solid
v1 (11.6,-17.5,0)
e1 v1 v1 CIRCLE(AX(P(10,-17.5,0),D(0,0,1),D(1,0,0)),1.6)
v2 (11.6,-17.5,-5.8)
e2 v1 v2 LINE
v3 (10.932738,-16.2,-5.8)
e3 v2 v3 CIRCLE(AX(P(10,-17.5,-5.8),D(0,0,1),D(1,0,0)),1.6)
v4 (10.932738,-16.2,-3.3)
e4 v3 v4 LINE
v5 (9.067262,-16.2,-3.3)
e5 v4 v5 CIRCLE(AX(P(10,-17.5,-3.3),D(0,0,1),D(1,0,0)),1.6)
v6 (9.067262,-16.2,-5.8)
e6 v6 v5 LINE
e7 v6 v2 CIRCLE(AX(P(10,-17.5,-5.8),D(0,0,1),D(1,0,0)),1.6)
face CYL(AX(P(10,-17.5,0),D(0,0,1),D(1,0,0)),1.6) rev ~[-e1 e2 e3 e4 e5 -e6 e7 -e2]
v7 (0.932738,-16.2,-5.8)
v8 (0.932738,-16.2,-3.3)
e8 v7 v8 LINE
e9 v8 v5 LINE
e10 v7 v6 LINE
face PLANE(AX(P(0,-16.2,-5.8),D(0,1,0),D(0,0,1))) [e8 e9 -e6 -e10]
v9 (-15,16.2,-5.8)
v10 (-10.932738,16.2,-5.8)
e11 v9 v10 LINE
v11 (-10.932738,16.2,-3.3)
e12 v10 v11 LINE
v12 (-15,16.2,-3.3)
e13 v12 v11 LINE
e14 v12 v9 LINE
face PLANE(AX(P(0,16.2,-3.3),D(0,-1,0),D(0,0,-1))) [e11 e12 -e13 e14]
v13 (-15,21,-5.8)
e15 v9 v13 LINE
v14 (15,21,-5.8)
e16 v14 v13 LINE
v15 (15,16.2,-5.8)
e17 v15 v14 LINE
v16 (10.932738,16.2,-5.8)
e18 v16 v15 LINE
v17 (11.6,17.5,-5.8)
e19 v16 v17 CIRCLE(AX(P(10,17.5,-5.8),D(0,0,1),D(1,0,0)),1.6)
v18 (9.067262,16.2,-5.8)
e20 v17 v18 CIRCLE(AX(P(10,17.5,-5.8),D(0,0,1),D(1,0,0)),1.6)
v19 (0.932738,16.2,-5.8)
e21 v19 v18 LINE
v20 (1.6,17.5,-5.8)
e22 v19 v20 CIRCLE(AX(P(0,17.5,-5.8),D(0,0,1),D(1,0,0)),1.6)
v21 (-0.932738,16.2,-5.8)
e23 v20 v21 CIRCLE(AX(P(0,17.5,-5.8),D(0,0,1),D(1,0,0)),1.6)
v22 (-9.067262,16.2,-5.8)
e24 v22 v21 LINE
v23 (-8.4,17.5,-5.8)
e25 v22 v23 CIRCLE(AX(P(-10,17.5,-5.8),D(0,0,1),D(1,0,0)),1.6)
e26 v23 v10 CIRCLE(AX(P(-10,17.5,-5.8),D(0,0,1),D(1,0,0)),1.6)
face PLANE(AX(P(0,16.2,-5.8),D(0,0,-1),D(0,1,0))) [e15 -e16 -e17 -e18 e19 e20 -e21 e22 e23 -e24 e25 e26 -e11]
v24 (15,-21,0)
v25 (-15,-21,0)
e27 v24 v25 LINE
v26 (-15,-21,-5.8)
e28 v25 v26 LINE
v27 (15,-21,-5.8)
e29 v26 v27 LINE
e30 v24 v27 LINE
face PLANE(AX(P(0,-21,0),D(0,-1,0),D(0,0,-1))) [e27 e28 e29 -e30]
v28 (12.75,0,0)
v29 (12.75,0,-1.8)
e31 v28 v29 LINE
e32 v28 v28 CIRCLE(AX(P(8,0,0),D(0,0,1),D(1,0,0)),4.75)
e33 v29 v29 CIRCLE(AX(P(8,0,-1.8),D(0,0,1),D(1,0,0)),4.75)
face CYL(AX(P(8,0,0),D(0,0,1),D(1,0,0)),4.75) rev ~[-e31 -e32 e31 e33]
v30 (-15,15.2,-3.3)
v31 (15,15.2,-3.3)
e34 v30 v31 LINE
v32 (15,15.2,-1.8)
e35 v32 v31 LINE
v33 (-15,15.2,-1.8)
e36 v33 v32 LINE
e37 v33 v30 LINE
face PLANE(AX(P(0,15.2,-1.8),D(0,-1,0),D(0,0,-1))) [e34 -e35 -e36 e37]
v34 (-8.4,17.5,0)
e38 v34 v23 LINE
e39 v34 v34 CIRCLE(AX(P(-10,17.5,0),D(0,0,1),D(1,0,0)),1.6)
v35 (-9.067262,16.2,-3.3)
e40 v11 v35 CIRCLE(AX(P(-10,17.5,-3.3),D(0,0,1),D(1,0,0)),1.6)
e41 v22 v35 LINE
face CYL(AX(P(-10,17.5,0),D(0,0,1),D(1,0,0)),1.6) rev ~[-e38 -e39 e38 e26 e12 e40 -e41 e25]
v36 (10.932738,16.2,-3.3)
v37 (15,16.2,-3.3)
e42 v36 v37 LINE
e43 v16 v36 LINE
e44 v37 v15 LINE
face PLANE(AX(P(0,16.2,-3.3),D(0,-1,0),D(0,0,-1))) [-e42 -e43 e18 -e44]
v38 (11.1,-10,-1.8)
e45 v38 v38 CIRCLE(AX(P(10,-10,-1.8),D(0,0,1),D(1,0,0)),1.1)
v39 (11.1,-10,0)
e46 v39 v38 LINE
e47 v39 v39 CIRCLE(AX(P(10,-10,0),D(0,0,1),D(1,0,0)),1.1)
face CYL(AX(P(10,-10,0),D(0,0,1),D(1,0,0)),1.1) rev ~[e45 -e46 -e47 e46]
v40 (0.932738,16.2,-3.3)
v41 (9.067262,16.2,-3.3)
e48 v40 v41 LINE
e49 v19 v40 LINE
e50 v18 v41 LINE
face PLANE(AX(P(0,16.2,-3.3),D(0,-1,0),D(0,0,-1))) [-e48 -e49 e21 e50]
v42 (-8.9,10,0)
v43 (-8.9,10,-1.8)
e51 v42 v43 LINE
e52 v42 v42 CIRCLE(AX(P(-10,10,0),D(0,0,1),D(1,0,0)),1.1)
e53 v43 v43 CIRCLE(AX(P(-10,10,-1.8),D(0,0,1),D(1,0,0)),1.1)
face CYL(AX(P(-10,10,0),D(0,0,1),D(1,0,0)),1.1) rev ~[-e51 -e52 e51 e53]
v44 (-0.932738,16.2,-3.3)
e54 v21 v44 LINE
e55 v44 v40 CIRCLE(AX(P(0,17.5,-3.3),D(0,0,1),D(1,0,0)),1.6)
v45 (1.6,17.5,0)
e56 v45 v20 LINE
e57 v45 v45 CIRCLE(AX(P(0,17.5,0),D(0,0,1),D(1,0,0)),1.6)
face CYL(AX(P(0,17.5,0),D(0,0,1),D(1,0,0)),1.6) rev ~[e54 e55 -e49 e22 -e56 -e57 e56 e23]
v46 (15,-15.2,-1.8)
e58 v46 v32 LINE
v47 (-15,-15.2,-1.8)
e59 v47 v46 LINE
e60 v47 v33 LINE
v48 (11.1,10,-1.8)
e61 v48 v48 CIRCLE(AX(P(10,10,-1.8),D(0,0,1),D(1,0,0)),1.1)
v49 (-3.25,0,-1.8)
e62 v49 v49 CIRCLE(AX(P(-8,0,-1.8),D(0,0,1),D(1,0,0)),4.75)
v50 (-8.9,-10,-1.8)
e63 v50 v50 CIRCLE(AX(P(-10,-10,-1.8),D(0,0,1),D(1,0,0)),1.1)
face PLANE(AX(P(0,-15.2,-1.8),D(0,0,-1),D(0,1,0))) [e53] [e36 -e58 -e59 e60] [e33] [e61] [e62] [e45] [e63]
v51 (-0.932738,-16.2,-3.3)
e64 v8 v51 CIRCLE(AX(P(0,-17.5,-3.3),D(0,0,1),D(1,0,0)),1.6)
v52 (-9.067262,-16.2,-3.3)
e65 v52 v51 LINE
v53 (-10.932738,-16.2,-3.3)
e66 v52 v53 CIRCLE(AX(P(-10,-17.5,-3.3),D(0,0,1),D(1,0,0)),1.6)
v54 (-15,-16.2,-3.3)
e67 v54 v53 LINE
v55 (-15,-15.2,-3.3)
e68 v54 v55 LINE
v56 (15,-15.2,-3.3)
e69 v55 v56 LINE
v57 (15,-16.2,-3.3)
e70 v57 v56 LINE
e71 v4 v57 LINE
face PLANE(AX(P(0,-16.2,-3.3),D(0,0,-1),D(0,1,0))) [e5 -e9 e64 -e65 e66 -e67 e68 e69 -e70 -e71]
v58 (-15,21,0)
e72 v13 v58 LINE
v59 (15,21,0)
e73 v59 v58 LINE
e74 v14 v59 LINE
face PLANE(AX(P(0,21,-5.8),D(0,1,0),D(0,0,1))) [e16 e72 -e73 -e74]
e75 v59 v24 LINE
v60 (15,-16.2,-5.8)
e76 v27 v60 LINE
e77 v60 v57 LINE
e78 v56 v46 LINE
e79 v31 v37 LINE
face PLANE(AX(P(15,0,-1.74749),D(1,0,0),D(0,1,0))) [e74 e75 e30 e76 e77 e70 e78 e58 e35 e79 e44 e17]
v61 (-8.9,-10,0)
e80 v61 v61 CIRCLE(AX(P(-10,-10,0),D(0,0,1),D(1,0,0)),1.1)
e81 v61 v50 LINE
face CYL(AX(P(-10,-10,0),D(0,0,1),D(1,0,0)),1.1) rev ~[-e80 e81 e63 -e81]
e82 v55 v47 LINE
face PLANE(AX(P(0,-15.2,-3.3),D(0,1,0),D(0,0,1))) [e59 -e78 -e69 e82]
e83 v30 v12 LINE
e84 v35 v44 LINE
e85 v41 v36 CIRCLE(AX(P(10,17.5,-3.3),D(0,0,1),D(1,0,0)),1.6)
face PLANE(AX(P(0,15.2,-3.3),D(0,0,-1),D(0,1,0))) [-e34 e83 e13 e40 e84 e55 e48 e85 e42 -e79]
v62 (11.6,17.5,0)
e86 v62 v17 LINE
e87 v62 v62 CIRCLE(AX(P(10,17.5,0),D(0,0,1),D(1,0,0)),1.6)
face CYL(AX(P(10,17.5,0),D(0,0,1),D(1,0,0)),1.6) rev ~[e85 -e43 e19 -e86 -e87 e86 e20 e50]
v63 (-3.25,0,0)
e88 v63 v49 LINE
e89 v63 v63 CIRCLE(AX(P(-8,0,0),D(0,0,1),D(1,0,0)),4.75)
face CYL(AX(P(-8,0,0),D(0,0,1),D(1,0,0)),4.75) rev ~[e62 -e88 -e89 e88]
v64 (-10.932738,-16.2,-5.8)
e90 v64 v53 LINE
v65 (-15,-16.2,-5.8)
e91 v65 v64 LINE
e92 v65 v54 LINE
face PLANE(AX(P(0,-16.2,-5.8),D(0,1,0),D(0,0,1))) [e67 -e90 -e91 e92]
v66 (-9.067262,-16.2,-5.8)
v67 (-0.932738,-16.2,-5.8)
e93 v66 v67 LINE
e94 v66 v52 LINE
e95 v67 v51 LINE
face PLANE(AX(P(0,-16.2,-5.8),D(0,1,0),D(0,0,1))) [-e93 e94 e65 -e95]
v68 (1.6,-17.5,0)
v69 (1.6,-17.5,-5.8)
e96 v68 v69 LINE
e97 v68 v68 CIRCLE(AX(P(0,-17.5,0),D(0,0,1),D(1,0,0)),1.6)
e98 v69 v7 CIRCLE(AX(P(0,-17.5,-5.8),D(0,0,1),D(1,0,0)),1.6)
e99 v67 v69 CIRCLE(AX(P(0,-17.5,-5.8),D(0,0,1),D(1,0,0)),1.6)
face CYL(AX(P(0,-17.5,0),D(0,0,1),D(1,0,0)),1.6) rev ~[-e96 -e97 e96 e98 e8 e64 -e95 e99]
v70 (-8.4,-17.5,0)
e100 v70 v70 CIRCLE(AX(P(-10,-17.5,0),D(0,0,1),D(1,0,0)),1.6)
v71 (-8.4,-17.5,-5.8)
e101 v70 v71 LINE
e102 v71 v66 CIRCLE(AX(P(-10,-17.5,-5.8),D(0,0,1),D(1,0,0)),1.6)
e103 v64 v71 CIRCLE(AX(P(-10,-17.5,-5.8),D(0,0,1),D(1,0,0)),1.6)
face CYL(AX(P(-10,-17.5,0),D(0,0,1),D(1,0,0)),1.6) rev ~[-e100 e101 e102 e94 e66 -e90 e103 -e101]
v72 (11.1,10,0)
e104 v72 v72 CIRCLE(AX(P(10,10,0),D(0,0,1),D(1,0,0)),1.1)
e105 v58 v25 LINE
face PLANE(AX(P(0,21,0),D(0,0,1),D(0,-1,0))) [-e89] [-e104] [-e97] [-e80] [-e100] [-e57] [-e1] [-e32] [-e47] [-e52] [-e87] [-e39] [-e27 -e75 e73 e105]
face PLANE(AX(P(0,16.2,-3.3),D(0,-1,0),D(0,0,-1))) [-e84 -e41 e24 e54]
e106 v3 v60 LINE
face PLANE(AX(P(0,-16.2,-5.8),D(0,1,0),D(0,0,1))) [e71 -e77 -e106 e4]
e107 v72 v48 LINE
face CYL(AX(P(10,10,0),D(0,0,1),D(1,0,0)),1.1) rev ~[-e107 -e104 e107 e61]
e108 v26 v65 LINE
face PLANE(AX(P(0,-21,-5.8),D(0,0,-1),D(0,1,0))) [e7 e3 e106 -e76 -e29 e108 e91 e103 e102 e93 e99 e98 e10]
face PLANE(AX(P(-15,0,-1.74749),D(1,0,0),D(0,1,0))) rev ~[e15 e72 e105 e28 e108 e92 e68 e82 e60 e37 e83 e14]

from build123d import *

# Parameters (mm, degrees)
PAD_DEPTH       = 15
PAD_DEPTH_BACK  = 15
SKETCH001_R     = 1.6
HOLE_DEPTH      = 25
SKETCH002_R     = 1.1
POCKET_DEPTH    = 5.801
SKETCH003_R     = 4.75
POCKET001_DEPTH = 5


with BuildPart() as part:
    # Sketch → Pad (new body, two sides)
    with BuildSketch(Plane.YZ) as pad_sk:
        Polygon((-21, 0), (-21, -5.8), (-16.2, -5.8), (-16.2, -3.3), (-15.2, -3.3), (-15.2, -1.8), (15.2, -1.8), (15.2, -3.3), (16.2, -3.3), (16.2, -5.8), (21, -5.8), (21, 0), align=None)
    extrude(amount=PAD_DEPTH)
    extrude(pad_sk.sketch, amount=-PAD_DEPTH_BACK)

    # Sketch001 → Hole (cut)
    with BuildSketch(Plane.XY):
        with Locations((-10, 17.5)):
            Circle(SKETCH001_R)
        with Locations((0, 17.5)):
            Circle(SKETCH001_R)
        with Locations((10, 17.5)):
            Circle(SKETCH001_R)
        with Locations((10, -17.5)):
            Circle(SKETCH001_R)
        with Locations((0, -17.5)):
            Circle(SKETCH001_R)
        with Locations((-10, -17.5)):
            Circle(SKETCH001_R)
    extrude(amount=-HOLE_DEPTH, mode=Mode.SUBTRACT)

    # Sketch002 → Pocket (cut, through all)
    with BuildSketch(Plane.XY):
        with Locations((-10, 10)):
            Circle(SKETCH002_R)
        with Locations((10, 10)):
            Circle(SKETCH002_R)
        with Locations((10, -10)):
            Circle(SKETCH002_R)
        with Locations((-10, -10)):
            Circle(SKETCH002_R)
    extrude(amount=-POCKET_DEPTH, mode=Mode.SUBTRACT)

    # Sketch003 → Pocket001 (cut)
    with BuildSketch(Plane.XY):
        with Locations((-8, 0)):
            Circle(SKETCH003_R)
        with Locations((8, 0)):
            Circle(SKETCH003_R)
    extrude(amount=-POCKET001_DEPTH, mode=Mode.SUBTRACT)


solid = part.part
